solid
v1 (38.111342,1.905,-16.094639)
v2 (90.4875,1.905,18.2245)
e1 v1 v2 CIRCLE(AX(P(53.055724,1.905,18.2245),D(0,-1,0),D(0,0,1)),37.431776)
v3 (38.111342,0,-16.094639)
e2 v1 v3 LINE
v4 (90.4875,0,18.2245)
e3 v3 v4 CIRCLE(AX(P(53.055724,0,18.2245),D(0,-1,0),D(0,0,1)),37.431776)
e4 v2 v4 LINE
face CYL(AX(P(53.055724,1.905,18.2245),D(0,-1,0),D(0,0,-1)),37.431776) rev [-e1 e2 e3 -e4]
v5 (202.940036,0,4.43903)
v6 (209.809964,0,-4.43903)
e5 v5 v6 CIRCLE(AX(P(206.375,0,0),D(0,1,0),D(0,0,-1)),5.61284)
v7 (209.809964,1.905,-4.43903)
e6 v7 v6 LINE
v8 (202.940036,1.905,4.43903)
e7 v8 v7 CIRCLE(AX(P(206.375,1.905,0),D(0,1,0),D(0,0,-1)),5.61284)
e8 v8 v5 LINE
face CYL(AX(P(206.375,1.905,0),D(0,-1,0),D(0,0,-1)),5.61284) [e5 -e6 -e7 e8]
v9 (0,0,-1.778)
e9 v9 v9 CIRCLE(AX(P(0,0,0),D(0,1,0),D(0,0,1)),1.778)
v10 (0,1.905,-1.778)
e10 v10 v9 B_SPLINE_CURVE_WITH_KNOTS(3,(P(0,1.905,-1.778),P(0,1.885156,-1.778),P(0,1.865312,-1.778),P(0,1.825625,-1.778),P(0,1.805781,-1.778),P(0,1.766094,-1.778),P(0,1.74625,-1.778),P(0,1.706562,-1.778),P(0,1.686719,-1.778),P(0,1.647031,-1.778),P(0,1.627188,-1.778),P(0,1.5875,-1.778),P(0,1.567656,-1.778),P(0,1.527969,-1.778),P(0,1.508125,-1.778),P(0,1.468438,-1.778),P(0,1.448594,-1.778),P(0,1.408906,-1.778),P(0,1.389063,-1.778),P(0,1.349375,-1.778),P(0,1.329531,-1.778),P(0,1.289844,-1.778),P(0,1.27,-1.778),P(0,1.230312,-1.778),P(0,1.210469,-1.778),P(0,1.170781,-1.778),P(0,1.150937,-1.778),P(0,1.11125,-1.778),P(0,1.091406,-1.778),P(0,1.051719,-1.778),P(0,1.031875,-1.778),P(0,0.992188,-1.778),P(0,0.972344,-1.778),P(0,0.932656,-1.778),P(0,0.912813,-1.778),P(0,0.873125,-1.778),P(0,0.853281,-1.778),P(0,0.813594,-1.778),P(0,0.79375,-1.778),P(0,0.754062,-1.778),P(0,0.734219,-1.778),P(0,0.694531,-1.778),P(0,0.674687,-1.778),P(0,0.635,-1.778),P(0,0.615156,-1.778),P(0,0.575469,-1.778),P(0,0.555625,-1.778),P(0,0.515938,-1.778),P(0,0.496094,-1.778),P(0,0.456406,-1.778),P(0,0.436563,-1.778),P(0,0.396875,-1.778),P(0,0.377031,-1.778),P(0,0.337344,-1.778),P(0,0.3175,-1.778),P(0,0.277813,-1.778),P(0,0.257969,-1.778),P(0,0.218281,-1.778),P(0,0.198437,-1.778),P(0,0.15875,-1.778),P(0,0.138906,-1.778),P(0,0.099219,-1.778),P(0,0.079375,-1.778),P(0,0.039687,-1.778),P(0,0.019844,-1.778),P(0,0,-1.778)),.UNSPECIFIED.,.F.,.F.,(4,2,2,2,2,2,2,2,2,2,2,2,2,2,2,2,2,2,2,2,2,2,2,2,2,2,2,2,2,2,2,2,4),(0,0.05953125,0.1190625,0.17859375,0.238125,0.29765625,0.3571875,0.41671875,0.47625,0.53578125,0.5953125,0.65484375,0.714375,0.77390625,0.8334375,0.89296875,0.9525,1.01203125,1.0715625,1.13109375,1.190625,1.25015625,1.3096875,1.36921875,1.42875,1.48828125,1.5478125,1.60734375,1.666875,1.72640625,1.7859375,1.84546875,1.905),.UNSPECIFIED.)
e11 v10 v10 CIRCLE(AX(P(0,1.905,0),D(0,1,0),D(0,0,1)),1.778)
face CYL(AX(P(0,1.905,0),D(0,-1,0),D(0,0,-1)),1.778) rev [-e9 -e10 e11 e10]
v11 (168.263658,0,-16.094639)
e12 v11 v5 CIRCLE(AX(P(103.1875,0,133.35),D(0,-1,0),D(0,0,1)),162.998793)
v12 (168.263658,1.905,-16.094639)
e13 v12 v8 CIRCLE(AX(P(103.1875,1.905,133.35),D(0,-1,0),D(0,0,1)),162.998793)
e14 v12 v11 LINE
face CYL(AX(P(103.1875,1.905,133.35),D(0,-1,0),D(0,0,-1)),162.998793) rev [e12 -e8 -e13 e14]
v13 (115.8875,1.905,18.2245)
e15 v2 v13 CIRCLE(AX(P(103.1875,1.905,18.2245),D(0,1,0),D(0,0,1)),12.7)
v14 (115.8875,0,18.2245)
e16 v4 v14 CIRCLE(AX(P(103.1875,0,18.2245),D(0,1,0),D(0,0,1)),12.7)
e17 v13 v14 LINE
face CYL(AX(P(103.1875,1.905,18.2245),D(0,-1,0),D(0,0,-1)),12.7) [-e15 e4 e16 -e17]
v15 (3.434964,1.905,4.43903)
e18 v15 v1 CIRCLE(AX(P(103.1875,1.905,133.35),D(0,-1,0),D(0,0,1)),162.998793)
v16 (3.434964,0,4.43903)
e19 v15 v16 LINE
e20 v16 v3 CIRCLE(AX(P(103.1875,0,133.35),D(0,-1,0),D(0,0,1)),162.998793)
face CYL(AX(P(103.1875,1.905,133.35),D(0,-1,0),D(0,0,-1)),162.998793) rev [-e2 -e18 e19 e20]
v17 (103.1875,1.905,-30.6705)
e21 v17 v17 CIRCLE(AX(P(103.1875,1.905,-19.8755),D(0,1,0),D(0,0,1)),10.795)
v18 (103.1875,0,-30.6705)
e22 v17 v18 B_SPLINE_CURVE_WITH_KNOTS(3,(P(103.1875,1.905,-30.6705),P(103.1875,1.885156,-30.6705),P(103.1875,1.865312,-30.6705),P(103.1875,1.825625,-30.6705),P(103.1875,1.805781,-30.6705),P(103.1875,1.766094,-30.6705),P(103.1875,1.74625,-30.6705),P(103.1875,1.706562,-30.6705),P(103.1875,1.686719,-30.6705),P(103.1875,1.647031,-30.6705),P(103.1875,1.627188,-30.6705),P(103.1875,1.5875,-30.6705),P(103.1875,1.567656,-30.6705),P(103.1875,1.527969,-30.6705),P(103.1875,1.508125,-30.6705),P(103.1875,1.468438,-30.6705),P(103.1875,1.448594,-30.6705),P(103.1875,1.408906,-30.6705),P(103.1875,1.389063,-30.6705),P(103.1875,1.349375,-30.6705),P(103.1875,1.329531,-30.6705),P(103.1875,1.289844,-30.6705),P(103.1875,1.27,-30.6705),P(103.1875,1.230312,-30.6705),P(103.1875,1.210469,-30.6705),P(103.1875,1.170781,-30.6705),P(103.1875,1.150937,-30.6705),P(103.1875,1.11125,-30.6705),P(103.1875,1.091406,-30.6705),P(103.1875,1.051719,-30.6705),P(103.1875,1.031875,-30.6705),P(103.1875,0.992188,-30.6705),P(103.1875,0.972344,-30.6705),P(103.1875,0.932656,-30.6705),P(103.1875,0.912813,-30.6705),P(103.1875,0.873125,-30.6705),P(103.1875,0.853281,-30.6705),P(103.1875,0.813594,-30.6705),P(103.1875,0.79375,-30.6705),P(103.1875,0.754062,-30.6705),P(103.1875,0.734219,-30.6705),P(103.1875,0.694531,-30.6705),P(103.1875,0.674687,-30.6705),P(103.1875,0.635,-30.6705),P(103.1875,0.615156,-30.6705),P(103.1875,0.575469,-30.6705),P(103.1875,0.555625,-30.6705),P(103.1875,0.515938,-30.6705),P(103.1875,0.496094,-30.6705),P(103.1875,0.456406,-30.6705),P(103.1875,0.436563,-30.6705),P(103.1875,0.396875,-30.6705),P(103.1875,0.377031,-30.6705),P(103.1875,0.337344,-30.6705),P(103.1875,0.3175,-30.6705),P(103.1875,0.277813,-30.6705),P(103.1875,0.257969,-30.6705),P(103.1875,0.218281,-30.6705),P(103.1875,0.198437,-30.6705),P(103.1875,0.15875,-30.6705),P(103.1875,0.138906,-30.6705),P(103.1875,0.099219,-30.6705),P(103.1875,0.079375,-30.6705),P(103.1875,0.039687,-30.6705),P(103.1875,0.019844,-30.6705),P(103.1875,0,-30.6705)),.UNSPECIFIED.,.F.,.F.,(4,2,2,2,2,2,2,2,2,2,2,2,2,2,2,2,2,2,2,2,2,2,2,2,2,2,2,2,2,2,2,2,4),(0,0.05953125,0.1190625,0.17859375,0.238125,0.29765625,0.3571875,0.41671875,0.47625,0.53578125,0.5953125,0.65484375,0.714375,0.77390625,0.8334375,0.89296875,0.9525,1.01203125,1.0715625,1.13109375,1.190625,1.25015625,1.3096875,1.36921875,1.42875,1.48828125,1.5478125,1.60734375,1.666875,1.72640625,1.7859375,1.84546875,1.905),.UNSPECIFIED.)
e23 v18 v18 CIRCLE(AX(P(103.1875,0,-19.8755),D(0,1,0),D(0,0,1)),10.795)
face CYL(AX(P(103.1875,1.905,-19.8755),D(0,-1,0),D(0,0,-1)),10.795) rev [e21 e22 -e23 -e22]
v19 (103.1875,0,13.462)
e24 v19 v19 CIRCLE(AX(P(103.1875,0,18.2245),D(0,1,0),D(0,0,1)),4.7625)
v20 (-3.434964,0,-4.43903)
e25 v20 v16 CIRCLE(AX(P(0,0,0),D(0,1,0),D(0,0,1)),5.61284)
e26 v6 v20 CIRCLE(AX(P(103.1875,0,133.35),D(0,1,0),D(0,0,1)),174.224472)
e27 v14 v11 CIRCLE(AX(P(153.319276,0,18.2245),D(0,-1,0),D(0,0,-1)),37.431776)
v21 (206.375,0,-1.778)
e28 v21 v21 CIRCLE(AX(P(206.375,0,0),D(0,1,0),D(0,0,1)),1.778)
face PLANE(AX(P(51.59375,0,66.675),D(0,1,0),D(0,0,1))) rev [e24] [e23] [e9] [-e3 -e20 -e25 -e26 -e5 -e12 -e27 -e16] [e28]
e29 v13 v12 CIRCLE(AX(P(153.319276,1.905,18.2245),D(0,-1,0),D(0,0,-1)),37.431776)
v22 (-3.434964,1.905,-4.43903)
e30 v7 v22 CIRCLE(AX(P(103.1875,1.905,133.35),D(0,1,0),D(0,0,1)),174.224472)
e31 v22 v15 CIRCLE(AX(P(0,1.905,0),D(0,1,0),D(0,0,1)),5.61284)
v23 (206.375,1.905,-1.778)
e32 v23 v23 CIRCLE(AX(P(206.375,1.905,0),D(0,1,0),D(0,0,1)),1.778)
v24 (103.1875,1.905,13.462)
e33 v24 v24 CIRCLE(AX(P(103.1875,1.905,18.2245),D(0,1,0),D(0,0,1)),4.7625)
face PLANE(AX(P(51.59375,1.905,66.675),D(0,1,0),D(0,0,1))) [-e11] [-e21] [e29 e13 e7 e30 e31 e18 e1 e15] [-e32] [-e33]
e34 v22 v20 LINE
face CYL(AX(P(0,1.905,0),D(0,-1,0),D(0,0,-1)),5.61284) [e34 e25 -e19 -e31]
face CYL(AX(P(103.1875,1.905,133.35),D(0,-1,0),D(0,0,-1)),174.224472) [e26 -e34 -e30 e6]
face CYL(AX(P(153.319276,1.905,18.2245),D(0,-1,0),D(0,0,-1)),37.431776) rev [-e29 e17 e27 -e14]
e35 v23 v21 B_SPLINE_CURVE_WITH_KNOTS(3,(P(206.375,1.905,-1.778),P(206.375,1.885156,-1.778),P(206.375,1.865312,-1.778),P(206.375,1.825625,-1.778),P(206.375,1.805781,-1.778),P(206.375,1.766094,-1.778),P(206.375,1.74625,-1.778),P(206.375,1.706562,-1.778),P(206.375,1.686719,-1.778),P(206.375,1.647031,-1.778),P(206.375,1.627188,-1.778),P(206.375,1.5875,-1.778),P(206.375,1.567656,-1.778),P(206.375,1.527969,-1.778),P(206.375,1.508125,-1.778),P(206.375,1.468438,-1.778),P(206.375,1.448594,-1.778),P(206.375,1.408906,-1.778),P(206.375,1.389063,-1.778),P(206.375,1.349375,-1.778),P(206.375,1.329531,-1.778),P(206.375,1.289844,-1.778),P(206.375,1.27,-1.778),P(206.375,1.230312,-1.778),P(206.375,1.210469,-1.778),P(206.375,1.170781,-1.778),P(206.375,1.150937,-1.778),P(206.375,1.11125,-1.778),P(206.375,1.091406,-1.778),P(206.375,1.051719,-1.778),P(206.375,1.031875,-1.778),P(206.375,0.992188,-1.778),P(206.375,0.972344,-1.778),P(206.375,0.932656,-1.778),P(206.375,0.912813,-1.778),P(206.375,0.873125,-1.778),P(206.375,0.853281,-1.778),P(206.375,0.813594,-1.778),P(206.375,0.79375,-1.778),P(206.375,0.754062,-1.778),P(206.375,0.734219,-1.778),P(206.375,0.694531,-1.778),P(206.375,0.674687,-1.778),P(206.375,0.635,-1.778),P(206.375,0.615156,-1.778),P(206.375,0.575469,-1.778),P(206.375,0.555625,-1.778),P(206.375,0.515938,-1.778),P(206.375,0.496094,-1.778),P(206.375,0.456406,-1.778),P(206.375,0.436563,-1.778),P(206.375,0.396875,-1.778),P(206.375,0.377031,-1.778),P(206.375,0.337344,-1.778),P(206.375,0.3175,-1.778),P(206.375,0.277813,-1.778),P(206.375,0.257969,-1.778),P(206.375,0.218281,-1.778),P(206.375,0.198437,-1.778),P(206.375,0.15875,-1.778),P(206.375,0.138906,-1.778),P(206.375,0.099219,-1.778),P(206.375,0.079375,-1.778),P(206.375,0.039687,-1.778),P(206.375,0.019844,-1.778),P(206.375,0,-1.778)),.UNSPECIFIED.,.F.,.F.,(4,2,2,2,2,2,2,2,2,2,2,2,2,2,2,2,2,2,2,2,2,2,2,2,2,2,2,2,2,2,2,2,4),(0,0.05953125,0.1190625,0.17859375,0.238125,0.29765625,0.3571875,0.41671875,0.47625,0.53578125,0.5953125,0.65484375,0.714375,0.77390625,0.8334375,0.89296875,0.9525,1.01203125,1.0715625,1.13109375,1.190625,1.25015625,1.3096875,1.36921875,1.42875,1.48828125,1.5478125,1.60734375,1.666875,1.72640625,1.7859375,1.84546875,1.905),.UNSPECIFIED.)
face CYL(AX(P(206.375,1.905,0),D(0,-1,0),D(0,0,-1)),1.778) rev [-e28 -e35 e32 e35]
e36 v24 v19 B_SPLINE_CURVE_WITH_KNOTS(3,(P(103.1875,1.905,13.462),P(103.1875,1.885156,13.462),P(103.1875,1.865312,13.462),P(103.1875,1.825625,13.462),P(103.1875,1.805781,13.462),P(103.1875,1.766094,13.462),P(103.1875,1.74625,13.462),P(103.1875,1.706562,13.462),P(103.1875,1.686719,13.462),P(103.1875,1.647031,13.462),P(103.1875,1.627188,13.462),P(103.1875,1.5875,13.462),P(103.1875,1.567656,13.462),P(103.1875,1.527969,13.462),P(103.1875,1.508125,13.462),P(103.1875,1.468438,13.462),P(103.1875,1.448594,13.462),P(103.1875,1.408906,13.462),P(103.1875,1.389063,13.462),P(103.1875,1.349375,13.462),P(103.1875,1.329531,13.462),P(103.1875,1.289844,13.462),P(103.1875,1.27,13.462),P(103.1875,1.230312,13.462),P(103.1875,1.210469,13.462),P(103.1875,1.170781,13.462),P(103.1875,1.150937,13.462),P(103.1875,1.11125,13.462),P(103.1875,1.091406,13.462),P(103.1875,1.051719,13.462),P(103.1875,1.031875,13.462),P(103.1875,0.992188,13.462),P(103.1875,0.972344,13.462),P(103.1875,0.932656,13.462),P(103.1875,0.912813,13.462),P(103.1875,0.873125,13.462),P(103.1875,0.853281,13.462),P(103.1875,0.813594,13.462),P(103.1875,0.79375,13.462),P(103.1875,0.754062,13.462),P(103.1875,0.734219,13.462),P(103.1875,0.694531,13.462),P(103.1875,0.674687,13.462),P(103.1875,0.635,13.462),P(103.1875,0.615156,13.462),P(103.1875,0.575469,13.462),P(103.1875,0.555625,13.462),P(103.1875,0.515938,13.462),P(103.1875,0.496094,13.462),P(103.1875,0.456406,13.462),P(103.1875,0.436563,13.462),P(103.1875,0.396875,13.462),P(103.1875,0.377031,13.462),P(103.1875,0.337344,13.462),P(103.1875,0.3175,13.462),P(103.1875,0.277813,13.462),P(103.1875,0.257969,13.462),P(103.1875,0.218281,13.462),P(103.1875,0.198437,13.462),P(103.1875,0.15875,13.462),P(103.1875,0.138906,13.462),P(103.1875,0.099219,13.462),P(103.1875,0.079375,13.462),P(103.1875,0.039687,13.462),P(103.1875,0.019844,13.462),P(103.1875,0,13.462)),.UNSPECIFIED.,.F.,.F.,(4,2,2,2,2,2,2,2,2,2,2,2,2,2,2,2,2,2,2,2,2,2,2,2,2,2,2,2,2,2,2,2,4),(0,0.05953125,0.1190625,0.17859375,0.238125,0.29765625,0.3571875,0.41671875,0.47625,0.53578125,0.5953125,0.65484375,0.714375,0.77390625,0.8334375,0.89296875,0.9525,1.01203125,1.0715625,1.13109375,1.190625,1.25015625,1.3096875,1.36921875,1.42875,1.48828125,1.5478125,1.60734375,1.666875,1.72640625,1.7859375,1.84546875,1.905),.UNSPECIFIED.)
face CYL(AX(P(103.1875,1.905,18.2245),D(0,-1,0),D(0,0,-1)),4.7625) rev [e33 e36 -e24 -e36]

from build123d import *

# Parameters (mm, degrees)
SKETCH1_R           = 1.778
SKETCH1_R_2         = 4.7625
SKETCH1_R_3         = 10.795
BOSS_EXTRUDE1_DEPTH = 1.905


with BuildPart() as part:
    # Sketch1 → Boss-Extrude1 (new body)
    with BuildSketch(Plane(origin=(0, 0, 0), x_dir=(1, 0, 0), z_dir=(0, 1, 0))):
        with BuildLine():
            ThreePointArc((-3.434964073, 4.439030494), (-4.439030494, -3.434964073), (3.434964073, -4.439030494))
            ThreePointArc((3.434964073, -4.439030494), (20.136115591, 6.903606124), (38.111342378, 16.094639222))
            ThreePointArc((38.111342378, 16.094639222), (73.570878275, 13.084704733), (90.4875, -18.2245))
            ThreePointArc((90.4875, -18.2245), (103.1875, -30.9245), (115.8875, -18.2245))
            ThreePointArc((115.8875, -18.2245), (132.804121725, 13.084704733), (168.263657622, 16.094639222))
            ThreePointArc((168.263657622, 16.094639222), (186.238884409, 6.903606124), (202.940035927, -4.439030494))
            ThreePointArc((202.940035927, -4.439030494), (210.814030494, -3.434964073), (209.809964073, 4.439030494))
            ThreePointArc((209.809964073, 4.439030494), (103.1875, 40.874472361), (-3.434964073, 4.439030494))
        make_face()
        with Locations(Location((0, 0, 0), (0, 0, 90))):
            Circle(SKETCH1_R, mode=Mode.SUBTRACT)
        with Locations(Location((206.375, 0, 0), (0, 0, 90))):
            Circle(SKETCH1_R, mode=Mode.SUBTRACT)
        with Locations(Location((103.1875, -18.2245, 0), (0, 0, 90))):
            Circle(SKETCH1_R_2, mode=Mode.SUBTRACT)
        with Locations(Location((103.1875, 19.8755, 0), (0, 0, 90))):
            Circle(SKETCH1_R_3, mode=Mode.SUBTRACT)
    extrude(amount=BOSS_EXTRUDE1_DEPTH)


solid = part.part
